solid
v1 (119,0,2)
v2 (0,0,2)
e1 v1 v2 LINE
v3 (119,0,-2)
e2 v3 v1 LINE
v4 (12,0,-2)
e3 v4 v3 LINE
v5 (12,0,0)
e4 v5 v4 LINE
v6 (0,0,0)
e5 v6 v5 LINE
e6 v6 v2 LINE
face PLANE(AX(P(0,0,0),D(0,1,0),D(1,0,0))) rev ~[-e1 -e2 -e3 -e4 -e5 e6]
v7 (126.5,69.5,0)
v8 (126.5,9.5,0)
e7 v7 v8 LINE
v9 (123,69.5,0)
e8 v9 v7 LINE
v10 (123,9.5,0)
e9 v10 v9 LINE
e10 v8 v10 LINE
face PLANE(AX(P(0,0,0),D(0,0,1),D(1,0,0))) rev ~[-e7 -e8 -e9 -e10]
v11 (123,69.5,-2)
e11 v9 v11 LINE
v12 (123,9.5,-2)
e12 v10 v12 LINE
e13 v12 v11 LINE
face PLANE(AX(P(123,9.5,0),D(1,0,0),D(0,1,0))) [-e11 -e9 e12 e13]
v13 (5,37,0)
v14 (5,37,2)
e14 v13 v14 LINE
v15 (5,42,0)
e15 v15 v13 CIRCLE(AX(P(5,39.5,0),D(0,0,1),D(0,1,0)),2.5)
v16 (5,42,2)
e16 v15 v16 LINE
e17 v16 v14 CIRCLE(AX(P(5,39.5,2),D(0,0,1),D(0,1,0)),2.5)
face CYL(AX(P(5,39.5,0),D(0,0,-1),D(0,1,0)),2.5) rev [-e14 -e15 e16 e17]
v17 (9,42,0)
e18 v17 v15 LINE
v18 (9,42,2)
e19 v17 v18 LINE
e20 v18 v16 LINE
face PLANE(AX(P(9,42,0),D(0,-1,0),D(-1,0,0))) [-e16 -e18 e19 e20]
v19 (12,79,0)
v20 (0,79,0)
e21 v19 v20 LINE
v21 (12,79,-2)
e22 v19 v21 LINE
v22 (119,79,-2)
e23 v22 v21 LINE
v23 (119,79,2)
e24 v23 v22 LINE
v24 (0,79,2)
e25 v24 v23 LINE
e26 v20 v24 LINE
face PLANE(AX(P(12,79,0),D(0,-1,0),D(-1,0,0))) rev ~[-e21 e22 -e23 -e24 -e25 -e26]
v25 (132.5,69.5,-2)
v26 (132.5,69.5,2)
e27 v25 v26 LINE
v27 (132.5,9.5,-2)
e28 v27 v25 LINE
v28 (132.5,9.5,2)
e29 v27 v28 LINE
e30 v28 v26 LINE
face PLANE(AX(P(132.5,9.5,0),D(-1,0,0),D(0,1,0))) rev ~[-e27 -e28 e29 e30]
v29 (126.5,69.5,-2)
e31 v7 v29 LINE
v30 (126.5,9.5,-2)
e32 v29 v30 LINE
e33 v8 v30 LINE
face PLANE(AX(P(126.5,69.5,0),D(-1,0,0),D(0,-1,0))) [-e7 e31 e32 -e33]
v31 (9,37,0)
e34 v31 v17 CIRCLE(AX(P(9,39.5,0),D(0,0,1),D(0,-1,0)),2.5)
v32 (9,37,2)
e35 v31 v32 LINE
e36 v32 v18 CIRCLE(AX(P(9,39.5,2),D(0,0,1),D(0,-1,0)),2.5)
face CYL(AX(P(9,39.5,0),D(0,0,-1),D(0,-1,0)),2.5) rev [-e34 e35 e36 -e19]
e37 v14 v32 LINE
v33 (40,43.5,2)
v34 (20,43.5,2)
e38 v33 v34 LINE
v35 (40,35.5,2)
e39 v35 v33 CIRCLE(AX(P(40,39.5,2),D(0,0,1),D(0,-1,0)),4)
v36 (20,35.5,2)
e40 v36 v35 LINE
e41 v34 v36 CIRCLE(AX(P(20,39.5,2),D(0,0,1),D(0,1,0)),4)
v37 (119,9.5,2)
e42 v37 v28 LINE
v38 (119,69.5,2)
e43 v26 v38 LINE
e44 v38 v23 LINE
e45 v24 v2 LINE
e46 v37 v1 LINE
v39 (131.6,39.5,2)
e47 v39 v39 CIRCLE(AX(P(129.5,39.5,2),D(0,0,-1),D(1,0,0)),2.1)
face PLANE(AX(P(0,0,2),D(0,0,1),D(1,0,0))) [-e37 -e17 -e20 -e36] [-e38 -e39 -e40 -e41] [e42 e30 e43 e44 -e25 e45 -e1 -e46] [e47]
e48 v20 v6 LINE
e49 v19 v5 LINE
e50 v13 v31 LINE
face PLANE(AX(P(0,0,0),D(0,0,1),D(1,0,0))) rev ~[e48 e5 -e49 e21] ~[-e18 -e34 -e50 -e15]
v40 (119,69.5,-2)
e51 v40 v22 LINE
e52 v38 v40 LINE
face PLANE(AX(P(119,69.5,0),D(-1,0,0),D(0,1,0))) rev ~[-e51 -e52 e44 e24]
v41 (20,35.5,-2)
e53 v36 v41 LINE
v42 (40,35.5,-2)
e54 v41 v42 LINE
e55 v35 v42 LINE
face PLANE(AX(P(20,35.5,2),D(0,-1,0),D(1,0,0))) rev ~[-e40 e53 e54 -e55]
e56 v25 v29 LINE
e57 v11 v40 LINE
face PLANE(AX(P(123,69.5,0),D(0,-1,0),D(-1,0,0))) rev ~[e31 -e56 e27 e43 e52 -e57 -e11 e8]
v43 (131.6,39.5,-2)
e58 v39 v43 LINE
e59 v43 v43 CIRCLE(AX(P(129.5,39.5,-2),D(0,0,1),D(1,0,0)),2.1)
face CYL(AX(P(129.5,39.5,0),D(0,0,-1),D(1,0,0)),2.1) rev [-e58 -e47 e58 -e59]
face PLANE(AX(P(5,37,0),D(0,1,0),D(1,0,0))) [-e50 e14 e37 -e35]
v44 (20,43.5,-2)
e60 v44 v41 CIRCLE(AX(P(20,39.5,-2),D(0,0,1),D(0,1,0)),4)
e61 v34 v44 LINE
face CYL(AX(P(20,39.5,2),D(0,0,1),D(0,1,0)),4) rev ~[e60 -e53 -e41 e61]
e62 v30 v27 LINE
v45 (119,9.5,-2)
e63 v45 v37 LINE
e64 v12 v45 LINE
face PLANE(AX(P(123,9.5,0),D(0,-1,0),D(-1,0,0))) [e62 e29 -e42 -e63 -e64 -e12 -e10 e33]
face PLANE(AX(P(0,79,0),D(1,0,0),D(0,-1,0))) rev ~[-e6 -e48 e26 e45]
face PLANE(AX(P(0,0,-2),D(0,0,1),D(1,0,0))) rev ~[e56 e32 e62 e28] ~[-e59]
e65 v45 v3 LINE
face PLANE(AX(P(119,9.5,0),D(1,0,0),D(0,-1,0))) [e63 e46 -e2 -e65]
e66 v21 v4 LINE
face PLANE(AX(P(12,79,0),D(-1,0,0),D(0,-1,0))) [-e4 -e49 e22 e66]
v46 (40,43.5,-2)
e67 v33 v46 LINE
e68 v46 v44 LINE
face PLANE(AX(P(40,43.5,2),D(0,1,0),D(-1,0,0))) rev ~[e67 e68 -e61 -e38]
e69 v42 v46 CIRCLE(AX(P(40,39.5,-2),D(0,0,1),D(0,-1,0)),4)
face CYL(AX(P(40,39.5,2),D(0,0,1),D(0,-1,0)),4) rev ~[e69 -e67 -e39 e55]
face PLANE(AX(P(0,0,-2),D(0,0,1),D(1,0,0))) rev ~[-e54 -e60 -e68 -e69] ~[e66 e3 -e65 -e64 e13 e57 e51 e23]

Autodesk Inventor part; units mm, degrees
ref_plane "YZ Plane" through (0, 0, 0) normal (1, 0, 0) x (0, 1, 0)
ref_plane "XZ Plane" through (0, 0, 0) normal (0, 1, 0) x (-1, 0, 0)
ref_plane "XY Plane" through (0, 0, 0) normal (0, 0, 1) x (1, 0, 0)
sketch "Sketch1" plane through (0, 0, 0) normal (0, 0, 1) x (1, 0, 0)
  line L0 (0, 0) -> (123, 0)
  line L1 (123, 0) -> (123, 79)
  line L2 (123, 79) -> (0, 79)
  line L3 (0, 79) -> (0, 0)
  line L4 (12, 79) -> (12, 0)
  line L5 (123, 69.5) -> (126.5, 69.5)
  line L6 (126.5, 69.5) -> (126.5, 9.5)
  line L7 (126.5, 9.5) -> (123, 9.5)
  line L8 (123, 9.5) -> (123, 69.5)
  line L9 (126.5, 9.5) -> (132.5, 9.5)
  line L10 (132.5, 9.5) -> (132.5, 69.5)
  line L11 (132.5, 69.5) -> (126.5, 69.5)
  line L12 (126.5, 69.5) -> (126.5, 9.5)
  line L13 (123, 69.5) -> (119, 69.5)
  line L14 (119, 69.5) -> (119, 79)
  line L15 (119, 79) -> (123, 79)
  line L16 (123, 79) -> (123, 69.5)
  line L17 (123, 9.5) -> (119, 9.5)
  line L18 (119, 9.5) -> (119, 0)
  line L19 (119, 0) -> (123, 0)
  line L20 (123, 0) -> (123, 9.5)
  circle A0 centre (129.5, 39.5) radius 2.1
  line L21 (9, 39.5) -> (5, 39.5) construction
  line L22 (9, 42) -> (5, 42)
  line L23 (5, 37) -> (9, 37)
  arc A1 (9, 37) -> (9, 42) centre (9, 39.5) ccw
  arc A2 (5, 42) -> (5, 37) centre (5, 39.5) ccw
  point P0 (7, 39.5)
  dimension "d0" = 123
  dimension "d1" = 79
  dimension "d2" = 111
  dimension "d3" = 3.5
  dimension "d4" = 6
  dimension "d5" = 60
  dimension "d6" = 9.5
  dimension "d7" = 4
  dimension "d8" = 4
  dimension "d9" = 4.2
  dimension "d10" = 3
  dimension "d11" = 30
  dimension "d20" = 5
  dimension "d21" = 3
  dimension "d22" = 4
  dimension "d23" = 39.5
extrude "Extrusion1" add sketch "Sketch1" along normal blind 2 contours L3 L2 L4 L0 | L4 L2 L14 L13 L1 L17 L18 L0 | L1 L5 L6 L7 | L6 L11 L10 L9 | A0
extrude "Extrusion3" add sketch "Sketch1" against normal blind 2 contours L4 L2 L14 L13 L1 L17 L18 L0 | L6 L11 L10 L9
sketch "Sketch2" plane through (0, 0, 2) normal (0, 0, 1) x (1, 0, 0)
  circle A0 centre (60, 39.5) radius 34
  line L0 (119, 79) -> (0, 79) projected
  line L1 (0, 79) -> (0, 0) projected
  line L2 (59, 52.5) -> (64, 52.5)
  line L3 (64, 52.5) -> (64, 47.5)
  line L4 (64, 47.5) -> (59, 47.5)
  line L5 (59, 47.5) -> (59, 52.5)
  line L6 (59, 31.5) -> (64, 31.5)
  line L7 (64, 31.5) -> (64, 26.5)
  line L8 (64, 26.5) -> (59, 26.5)
  line L9 (59, 26.5) -> (59, 31.5)
  circle A1 centre (33, 39.5) radius 1.5
  circle A2 centre (33, 39.5) radius 4
  line L10 (35, 42.9641) -> (35, 36.0359)
  line L11 (33, 41) -> (35, 41)
  line L12 (33, 38) -> (35, 38)
  circle A3 centre (33, 39.5) radius 5
  line L13 (35, 42.9641) -> (35, 44.0826)
  line L14 (35, 36.0359) -> (35, 34.9174)
  line L15 (35, 42.9641) -> (49, 42.9641)
  line L16 (49, 42.9641) -> (49, 36.0359)
  line L17 (49, 36.0359) -> (35, 36.0359)
  line L18 (35, 36.0359) -> (35, 42.9641)
  dimension "d24" = 68
  dimension "d25" = 39.5
  dimension "d26" = 60
  dimension "d27" = 16
  dimension "d28" = 5
  dimension "d29" = 5
  dimension "d30" = 8
  dimension "d31" = 5
  dimension "d32" = 31
  dimension "d33" = 27
  dimension "d34" = 3
  dimension "d35" = 8
  dimension "d36" = 64
  dimension "d37" = 2
  dimension "d38" = 10
  dimension "d51" = 16
  dimension "d52" = 6.9282
extrude "Extrusion4" [suppressed]
sketch "Sketch3" plane through (0, 0, 5.7) normal (0, 0, 1) x (1, 0, 0)
  line L0 (59, 52.5) -> (64, 52.5) projected
  line L1 (59, 52.5) -> (65.1, 52.5)
  line L2 (65.1, 52.5) -> (65.1, 47.5)
  line L3 (65.1, 47.5) -> (59, 47.5)
  line L4 (59, 47.5) -> (59, 52.5)
  line L5 (59, 47.5) -> (64, 47.5) projected
  line L6 (59, 31.5) -> (64, 31.5) projected
  line L7 (59, 31.5) -> (65.1, 31.5)
  line L8 (65.1, 31.5) -> (65.1, 26.5)
  line L9 (65.1, 26.5) -> (59, 26.5)
  line L10 (59, 26.5) -> (59, 31.5)
  line L11 (59, 26.5) -> (64, 26.5) projected
  line L12 (64, 47.5) -> (64, 52.5) projected
  line L13 (64, 26.5) -> (64, 31.5) projected
  point P0 (0, 0)
  point P1 (61.5, 47.5)
  point P2 (61.5, 26.5)
  dimension "d41" = 1.1
  dimension "d42" = 1.1
extrude "Extrusion5" [suppressed]
fillet "Fillet1" [suppressed]
extrude "Extrusion6" [suppressed]
sketch "Sketch4" plane through (0, 0, 6.5) normal (0, 0, 1) x (1, 0, 0)
  line L0 (35, 42.9641) -> (35, 36.0359) projected
  line L1 (33, 41) -> (35, 41) projected
  circle A0 centre (33, 39.5) radius 1.5 projected
  line L2 (33, 38) -> (35, 38) projected
  arc A1 (35, 42.9641) -> (35, 36.0359) centre (33, 39.5) ccw projected
  point P0 (0, 0)
extrude "Extrusion7" [suppressed]
fillet "Fillet2" [suppressed]
extrude "Extrusion8" [suppressed]
fillet "Fillet3" [suppressed]
sketch "Sketch5" plane through (0, 0, 2) normal (0, 0, 1) x (1, 0, 0)
  point P0 (0, 0)
extrude "Extrusion9" cut sketch "Sketch1" along normal through all both and the other way through all contours A0
sketch "Sketch6" plane through (0, 0, 2) normal (0, 0, 1) x (1, 0, 0)
  line L0 (7, 39.5) -> (129.5, 39.5) construction
  line L1 (20, 39.5) -> (40, 39.5) construction
  line L2 (20, 35.5) -> (40, 35.5)
  line L3 (40, 43.5) -> (20, 43.5)
  arc A0 (20, 43.5) -> (20, 35.5) centre (20, 39.5) ccw
  arc A1 (40, 35.5) -> (40, 43.5) centre (40, 39.5) ccw
  line L4 (0, 79) -> (0, 0) projected
  point P0 (30, 39.5)
  dimension "d58" = 8
  dimension "d59" = 20
  dimension "d60" = 20
extrude "Extrusion10" cut sketch "Sketch6" against normal through all
equation "\"d6\" = -0.5 * d5 + 0.5 * d1"
equation "\"d10\" = 0.5 * d4"
equation "\"d11\" = 0.5 * d5"
equation "\"d23\" = 0.5 * d1"
equation "\"d25\" = d23"
equation "\"d29\" = d28"
equation "\"d30\" = 0.5 * d27"
properties part number "gps_cover_flat_only"
